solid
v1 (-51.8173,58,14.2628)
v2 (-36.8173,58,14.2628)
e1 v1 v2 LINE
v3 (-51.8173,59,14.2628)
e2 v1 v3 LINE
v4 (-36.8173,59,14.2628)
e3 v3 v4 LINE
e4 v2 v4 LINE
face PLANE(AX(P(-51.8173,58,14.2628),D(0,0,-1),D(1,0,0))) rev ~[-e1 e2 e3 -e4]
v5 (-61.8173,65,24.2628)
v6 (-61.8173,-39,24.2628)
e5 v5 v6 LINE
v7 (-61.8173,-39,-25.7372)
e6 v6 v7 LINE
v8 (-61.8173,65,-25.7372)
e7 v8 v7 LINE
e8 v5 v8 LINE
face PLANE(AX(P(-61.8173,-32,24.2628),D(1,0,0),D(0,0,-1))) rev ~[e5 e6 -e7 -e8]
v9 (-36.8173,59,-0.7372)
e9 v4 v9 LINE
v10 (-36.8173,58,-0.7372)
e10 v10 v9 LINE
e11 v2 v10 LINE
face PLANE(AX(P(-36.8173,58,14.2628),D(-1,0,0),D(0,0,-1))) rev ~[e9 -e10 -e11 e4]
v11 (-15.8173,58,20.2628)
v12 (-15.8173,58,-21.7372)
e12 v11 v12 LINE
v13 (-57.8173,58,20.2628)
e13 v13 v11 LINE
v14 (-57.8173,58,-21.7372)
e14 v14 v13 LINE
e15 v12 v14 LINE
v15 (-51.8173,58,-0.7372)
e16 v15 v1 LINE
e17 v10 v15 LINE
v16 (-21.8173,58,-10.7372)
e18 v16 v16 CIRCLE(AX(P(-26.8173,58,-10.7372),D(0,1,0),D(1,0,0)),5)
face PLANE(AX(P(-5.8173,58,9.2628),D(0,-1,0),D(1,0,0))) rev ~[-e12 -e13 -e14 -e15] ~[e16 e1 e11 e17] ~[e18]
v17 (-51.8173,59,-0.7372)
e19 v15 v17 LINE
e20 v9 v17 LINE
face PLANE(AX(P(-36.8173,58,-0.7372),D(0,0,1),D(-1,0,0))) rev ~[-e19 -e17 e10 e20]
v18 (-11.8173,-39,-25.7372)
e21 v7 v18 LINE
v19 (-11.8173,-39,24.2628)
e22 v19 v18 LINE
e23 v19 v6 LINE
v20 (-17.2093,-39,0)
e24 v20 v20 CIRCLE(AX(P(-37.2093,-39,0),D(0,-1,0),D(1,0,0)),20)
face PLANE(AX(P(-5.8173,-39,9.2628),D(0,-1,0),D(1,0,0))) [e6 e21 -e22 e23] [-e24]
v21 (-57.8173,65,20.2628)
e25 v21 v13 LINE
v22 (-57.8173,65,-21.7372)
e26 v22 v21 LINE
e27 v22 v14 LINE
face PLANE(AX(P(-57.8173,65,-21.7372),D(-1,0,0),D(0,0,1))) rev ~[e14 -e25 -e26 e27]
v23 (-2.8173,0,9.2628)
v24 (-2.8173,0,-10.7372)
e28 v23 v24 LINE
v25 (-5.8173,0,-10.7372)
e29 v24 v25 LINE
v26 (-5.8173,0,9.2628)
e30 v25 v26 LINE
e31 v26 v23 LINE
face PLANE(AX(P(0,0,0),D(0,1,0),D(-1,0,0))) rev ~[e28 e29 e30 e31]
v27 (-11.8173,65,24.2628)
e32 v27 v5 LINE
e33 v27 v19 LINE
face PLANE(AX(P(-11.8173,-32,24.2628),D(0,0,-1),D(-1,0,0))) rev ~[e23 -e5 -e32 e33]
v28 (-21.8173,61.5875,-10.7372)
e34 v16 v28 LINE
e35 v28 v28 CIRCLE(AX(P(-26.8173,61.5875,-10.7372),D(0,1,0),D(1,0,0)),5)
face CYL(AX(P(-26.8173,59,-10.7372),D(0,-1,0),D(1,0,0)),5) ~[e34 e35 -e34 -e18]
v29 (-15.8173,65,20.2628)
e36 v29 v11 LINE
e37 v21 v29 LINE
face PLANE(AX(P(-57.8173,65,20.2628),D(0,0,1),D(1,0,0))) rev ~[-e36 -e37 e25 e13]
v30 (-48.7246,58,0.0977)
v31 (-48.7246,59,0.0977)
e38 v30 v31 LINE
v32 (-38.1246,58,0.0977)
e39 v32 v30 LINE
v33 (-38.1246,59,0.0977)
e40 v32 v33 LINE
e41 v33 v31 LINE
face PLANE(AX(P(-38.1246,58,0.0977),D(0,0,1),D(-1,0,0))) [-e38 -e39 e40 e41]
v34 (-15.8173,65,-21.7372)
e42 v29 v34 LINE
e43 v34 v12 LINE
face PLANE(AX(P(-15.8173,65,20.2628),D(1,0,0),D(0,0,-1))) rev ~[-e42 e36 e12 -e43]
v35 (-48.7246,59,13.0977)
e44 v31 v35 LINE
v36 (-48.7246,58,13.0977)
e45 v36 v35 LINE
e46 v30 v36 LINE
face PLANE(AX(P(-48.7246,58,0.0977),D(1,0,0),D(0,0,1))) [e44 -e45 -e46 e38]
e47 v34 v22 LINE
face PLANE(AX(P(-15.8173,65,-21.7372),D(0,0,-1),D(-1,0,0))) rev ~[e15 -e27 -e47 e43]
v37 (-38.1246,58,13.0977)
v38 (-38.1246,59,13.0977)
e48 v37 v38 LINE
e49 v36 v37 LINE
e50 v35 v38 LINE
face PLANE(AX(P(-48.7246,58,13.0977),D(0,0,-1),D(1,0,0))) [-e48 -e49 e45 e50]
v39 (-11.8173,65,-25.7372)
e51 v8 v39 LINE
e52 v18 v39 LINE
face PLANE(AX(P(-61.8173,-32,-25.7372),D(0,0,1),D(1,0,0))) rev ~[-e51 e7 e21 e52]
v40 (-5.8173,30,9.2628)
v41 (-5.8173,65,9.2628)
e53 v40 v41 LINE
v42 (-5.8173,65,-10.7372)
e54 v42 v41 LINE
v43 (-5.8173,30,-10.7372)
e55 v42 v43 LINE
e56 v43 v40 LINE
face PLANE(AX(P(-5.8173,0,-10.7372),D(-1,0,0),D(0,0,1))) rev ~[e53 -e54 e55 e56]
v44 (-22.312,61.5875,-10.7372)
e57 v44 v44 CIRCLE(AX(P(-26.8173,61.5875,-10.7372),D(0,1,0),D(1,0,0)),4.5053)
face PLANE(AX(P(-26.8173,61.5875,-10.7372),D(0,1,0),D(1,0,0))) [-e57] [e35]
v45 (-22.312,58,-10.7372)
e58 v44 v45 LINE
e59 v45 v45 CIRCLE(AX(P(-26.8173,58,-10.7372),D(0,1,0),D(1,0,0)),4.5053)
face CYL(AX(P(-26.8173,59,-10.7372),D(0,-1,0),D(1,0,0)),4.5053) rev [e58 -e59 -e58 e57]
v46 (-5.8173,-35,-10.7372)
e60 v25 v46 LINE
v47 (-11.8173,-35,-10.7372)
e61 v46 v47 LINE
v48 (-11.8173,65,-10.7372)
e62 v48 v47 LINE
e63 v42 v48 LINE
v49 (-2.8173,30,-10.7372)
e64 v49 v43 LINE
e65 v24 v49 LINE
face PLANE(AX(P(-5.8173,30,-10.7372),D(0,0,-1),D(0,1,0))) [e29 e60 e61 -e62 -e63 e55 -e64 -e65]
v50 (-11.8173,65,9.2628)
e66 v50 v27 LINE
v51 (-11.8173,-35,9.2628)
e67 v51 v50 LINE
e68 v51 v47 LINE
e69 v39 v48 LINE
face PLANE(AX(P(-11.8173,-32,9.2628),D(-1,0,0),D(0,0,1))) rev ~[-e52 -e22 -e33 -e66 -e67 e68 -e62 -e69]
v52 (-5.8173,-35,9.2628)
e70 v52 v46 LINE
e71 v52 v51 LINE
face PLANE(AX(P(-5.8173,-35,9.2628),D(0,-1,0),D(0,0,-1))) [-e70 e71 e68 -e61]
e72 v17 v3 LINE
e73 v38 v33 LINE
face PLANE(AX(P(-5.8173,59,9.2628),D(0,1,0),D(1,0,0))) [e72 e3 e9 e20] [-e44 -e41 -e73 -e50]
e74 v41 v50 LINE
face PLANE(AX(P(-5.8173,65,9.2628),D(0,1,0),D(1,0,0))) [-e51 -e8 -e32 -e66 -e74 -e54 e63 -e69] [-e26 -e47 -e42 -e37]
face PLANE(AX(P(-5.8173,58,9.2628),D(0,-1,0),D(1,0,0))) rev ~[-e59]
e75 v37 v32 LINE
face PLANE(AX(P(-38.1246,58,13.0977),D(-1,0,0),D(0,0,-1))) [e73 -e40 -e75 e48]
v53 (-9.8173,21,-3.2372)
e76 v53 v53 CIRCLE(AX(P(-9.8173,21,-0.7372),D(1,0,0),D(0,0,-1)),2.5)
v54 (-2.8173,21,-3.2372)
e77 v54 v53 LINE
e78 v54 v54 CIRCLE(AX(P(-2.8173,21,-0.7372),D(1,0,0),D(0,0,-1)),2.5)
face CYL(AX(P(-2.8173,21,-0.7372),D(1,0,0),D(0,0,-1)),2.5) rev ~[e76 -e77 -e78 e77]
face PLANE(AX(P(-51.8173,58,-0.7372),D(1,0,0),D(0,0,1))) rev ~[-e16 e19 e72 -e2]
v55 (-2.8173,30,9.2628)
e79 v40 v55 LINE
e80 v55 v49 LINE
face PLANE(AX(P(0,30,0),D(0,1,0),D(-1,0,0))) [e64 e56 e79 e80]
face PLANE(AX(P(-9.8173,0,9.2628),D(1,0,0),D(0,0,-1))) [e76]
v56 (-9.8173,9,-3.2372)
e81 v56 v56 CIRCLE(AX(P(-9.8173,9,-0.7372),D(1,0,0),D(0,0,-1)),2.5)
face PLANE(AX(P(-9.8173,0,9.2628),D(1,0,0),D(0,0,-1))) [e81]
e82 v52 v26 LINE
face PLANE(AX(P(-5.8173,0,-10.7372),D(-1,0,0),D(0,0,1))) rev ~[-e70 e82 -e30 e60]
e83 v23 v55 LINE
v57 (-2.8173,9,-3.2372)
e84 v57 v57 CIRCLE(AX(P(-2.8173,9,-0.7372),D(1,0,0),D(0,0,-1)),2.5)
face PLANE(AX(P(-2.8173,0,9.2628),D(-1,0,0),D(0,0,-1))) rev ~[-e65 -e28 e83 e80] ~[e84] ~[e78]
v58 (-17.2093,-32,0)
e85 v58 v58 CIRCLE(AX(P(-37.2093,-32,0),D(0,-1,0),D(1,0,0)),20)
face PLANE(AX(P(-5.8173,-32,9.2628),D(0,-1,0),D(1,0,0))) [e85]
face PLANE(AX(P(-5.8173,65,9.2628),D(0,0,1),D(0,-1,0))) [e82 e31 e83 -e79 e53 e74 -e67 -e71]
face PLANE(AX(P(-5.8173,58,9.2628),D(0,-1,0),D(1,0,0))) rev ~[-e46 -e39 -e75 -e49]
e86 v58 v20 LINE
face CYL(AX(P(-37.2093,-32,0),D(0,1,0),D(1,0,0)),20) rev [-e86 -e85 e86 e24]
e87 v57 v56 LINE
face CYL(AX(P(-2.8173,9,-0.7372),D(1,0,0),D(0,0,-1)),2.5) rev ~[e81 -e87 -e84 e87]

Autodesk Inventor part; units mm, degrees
ref_plane "YZ Plane" through (0, 0, 0) normal (1, 0, 0) x (0, 1, 0)
ref_plane "XZ Plane" through (0, 0, 0) normal (0, 1, 0) x (-1, 0, 0)
ref_plane "XY Plane" through (0, 0, 0) normal (0, 0, 1) x (1, 0, 0)
sketch "Sketch1" plane through (0, 0, 0) normal (0, 1, 0) x (-1, 0, 0)
  line L0 (5.8173, 9.2628) -> (2.8173, 9.2628)
  line L1 (2.8173, 9.2628) -> (2.8173, -10.7372)
  line L2 (2.8173, -10.7372) -> (5.8173, -10.7372)
  line L3 (5.8173, -10.7372) -> (5.8173, 9.2628)
  point P0 (0, 0)
  dimension "d0" = 20
  dimension "d1" = 3
extrude "Extrusion1" add sketch "Sketch1" along normal blind 30
sketch "Sketch2" plane through (-2.8173, 0, 9.2628) normal (1, 0, 0) x (0, 0, -1)
  circle A0 centre (10, 21) radius 2.5
  circle A1 centre (10, 9) radius 2.5
  line L0 (0, 30) -> (20, 30) projected
  line L1 (0, 0) -> (20, 0) projected
  line L2 (10, 30) -> (10, 21) construction
  line L3 (10, 9) -> (10, 0) construction
  point P0 (9.2628, 0)
  dimension "d4" = 5
  dimension "d5" = 5
  dimension "d41" = 12
sketch "Sketch3" plane through (-5.8173, 0, -10.7372) normal (-1, 0, 0) x (0, 0, 1)
  line L0 (0, 65) -> (20, 65)
  line L1 (20, 65) -> (20, -35)
  line L2 (20, -35) -> (0, -35)
  line L3 (0, -35) -> (0, 65)
  line L4 (20, 0) -> (20, 30) projected
  line L5 (0, 0) -> (0, 30) projected
  line L6 (0, 30) -> (20, 30) projected
  line L7 (0, 0) -> (20, 0) projected
  point P0 (10.7372, 0)
  dimension "d9" = 35
  dimension "d10" = 35
extrude "Extrusion2" add sketch "Sketch3" along normal blind 6
sketch "Sketch4" plane through (-5.8173, 65, 9.2628) normal (0, 1, 0) x (1, 0, 0)
  line L0 (-56, 35) -> (-6, 35)
  line L1 (-6, 35) -> (-6, -15)
  line L2 (-6, -15) -> (-56, -15)
  line L3 (-56, -15) -> (-56, 35)
  line L4 (-6, 0) -> (-6, 20) projected
  line L5 (0, 20) -> (-6, 20) projected
  line L6 (-6, 10) -> (-56, 10) construction
  line L7 (-31, 35) -> (-31, 10) construction
  line L8 (-31, -15) -> (-31, 10) construction
  line L9 (-10, 31) -> (-52, 31)
  line L10 (-52, 31) -> (-52, -11)
  line L11 (-52, -11) -> (-10, -11)
  line L12 (-10, -11) -> (-10, 31)
  point P0 (5.8173, 9.2628)
  dimension "d13" = 50
  dimension "d14" = 50
  dimension "d16" = 4
extrude "Extrusion3" add sketch "Sketch4" against normal blind 7
sketch "Sketch5" plane through (-5.8173, 58, 9.2628) normal (0, -1, 0) x (1, 0, 0)
  line L0 (-56, 15) -> (-56, -35) projected
  line L1 (-56, -35) -> (-6, -35) projected
  line L2 (-6, -35) -> (-6, -20) projected
  line L3 (-6, 0) -> (-6, -20) projected
  line L4 (-6, 0) -> (-6, 15) projected
  line L5 (-6, 15) -> (-56, 15) projected
  line L6 (-10, 11) -> (-10, -31) projected
  line L7 (-10, -31) -> (-52, -31) projected
  line L8 (-52, -31) -> (-52, 11) projected
  line L9 (-52, 11) -> (-10, 11) projected
  point P0 (5.8173, -9.2628)
extrude "Extrusion4" add sketch "Sketch5" along normal blind 90 contours L5 L4 L3 L2 L1 L0 | L6 L7 L8 L9
sketch "Sketch6" plane through (-5.8173, -32, 9.2628) normal (0, -1, 0) x (1, 0, 0)
  line L0 (-10, 11) -> (-10, -31) projected
  line L1 (-52, 11) -> (-10, 11) projected
  line L2 (-52, -31) -> (-52, 11) projected
  line L3 (-10, -31) -> (-52, -31) projected
  line L4 (-6, 15) -> (-56, 15) projected
  line L5 (-56, 15) -> (-56, -35) projected
  line L6 (-56, -35) -> (-6, -35) projected
  line L7 (-6, -35) -> (-6, -20) projected
  line L8 (-6, 0) -> (-6, -20) projected
  line L9 (-6, 0) -> (-6, 15) projected
  point P0 (5.8173, -9.2628)
extrude "Extrusion5" add sketch "Sketch6" along normal blind 7
extrude "Extrusion6" cut sketch "Sketch2" against normal blind 7
sketch "Sketch7" plane through (-5.8173, -32, 9.2628) normal (0, -1, 0) x (1, 0, 0)
  circle A0 centre (-31.392, -9.2628) radius 20
  line L0 (-10, 11) -> (-52, 11) projected
  line L1 (-52, 11) -> (-52, -31) projected
  line L2 (-52, -31) -> (-10, -31) projected
  line L3 (-10, -31) -> (-10, 11) projected
  line L4 (-6, 15) -> (-56, 15) projected
  line L5 (-56, 15) -> (-56, -35) projected
  line L6 (-56, -35) -> (-6, -35) projected
  line L7 (-6, -35) -> (-6, 15) projected
  line L8 (-10, 11) -> (-10, -31) projected
  line L9 (-10, -31) -> (-52, -31) projected
  line L10 (-52, -31) -> (-52, 11) projected
  line L11 (-52, 11) -> (-10, 11) projected
  point P0 (5.8173, -9.2628)
  dimension "d25" = 40
extrude "Extrusion7" add sketch "Sketch7" along normal blind 7 contours L3 L2 L1 L0
sketch "Sketch8" plane through (-5.8173, 58, 9.2628) normal (0, 1, 0) x (1, 0, 0)
  circle A0 centre (-21, 20) radius 5
  line L0 (-46, -5) -> (-31, -5)
  line L1 (-31, -5) -> (-31, 10)
  line L2 (-31, 10) -> (-46, 10)
  line L3 (-46, 10) -> (-46, -5)
  line L4 (-6, 35) -> (-56, 35) projected
  line L5 (-6, 20) -> (-6, 35) projected
  line L6 (-56, -15) -> (-6, -15) projected
  line L7 (-56, 35) -> (-56, -15) projected
  circle A1 centre (-21, 20) radius 4.5053
  line L8 (-42.9073, -3.8349) -> (-32.3073, -3.8349)
  line L9 (-32.3073, -3.8349) -> (-32.3073, 9.1651)
  line L10 (-32.3073, 9.1651) -> (-42.9073, 9.1651)
  line L11 (-42.9073, 9.1651) -> (-42.9073, -3.8349)
  point P0 (5.8173, 9.2628)
  dimension "d28" = 15
  dimension "d29" = 15
  dimension "d30" = 10
  dimension "d31" = 15
  dimension "d32" = 15
  dimension "d33" = 10
  dimension "d34" = 10
  dimension "d35" = 10.6
  dimension "d36" = 13
extrude "Extrusion8" add sketch "Sketch8" along normal blind 1
sketch "Sketch10" plane through (-26.8173, 59, -10.7372) normal (0, 1, 0) x (1, 0, 0)
  circle A0 centre (0, 0) radius 4.5053 projected
  circle A1 centre (0, 0) radius 5 projected
  point P0 (26.8173, -10.7372)
extrude "Extrusion9" add sketch "Sketch10" along normal blind 2.5875
properties part number "camera" material "PAEK Plastic"
